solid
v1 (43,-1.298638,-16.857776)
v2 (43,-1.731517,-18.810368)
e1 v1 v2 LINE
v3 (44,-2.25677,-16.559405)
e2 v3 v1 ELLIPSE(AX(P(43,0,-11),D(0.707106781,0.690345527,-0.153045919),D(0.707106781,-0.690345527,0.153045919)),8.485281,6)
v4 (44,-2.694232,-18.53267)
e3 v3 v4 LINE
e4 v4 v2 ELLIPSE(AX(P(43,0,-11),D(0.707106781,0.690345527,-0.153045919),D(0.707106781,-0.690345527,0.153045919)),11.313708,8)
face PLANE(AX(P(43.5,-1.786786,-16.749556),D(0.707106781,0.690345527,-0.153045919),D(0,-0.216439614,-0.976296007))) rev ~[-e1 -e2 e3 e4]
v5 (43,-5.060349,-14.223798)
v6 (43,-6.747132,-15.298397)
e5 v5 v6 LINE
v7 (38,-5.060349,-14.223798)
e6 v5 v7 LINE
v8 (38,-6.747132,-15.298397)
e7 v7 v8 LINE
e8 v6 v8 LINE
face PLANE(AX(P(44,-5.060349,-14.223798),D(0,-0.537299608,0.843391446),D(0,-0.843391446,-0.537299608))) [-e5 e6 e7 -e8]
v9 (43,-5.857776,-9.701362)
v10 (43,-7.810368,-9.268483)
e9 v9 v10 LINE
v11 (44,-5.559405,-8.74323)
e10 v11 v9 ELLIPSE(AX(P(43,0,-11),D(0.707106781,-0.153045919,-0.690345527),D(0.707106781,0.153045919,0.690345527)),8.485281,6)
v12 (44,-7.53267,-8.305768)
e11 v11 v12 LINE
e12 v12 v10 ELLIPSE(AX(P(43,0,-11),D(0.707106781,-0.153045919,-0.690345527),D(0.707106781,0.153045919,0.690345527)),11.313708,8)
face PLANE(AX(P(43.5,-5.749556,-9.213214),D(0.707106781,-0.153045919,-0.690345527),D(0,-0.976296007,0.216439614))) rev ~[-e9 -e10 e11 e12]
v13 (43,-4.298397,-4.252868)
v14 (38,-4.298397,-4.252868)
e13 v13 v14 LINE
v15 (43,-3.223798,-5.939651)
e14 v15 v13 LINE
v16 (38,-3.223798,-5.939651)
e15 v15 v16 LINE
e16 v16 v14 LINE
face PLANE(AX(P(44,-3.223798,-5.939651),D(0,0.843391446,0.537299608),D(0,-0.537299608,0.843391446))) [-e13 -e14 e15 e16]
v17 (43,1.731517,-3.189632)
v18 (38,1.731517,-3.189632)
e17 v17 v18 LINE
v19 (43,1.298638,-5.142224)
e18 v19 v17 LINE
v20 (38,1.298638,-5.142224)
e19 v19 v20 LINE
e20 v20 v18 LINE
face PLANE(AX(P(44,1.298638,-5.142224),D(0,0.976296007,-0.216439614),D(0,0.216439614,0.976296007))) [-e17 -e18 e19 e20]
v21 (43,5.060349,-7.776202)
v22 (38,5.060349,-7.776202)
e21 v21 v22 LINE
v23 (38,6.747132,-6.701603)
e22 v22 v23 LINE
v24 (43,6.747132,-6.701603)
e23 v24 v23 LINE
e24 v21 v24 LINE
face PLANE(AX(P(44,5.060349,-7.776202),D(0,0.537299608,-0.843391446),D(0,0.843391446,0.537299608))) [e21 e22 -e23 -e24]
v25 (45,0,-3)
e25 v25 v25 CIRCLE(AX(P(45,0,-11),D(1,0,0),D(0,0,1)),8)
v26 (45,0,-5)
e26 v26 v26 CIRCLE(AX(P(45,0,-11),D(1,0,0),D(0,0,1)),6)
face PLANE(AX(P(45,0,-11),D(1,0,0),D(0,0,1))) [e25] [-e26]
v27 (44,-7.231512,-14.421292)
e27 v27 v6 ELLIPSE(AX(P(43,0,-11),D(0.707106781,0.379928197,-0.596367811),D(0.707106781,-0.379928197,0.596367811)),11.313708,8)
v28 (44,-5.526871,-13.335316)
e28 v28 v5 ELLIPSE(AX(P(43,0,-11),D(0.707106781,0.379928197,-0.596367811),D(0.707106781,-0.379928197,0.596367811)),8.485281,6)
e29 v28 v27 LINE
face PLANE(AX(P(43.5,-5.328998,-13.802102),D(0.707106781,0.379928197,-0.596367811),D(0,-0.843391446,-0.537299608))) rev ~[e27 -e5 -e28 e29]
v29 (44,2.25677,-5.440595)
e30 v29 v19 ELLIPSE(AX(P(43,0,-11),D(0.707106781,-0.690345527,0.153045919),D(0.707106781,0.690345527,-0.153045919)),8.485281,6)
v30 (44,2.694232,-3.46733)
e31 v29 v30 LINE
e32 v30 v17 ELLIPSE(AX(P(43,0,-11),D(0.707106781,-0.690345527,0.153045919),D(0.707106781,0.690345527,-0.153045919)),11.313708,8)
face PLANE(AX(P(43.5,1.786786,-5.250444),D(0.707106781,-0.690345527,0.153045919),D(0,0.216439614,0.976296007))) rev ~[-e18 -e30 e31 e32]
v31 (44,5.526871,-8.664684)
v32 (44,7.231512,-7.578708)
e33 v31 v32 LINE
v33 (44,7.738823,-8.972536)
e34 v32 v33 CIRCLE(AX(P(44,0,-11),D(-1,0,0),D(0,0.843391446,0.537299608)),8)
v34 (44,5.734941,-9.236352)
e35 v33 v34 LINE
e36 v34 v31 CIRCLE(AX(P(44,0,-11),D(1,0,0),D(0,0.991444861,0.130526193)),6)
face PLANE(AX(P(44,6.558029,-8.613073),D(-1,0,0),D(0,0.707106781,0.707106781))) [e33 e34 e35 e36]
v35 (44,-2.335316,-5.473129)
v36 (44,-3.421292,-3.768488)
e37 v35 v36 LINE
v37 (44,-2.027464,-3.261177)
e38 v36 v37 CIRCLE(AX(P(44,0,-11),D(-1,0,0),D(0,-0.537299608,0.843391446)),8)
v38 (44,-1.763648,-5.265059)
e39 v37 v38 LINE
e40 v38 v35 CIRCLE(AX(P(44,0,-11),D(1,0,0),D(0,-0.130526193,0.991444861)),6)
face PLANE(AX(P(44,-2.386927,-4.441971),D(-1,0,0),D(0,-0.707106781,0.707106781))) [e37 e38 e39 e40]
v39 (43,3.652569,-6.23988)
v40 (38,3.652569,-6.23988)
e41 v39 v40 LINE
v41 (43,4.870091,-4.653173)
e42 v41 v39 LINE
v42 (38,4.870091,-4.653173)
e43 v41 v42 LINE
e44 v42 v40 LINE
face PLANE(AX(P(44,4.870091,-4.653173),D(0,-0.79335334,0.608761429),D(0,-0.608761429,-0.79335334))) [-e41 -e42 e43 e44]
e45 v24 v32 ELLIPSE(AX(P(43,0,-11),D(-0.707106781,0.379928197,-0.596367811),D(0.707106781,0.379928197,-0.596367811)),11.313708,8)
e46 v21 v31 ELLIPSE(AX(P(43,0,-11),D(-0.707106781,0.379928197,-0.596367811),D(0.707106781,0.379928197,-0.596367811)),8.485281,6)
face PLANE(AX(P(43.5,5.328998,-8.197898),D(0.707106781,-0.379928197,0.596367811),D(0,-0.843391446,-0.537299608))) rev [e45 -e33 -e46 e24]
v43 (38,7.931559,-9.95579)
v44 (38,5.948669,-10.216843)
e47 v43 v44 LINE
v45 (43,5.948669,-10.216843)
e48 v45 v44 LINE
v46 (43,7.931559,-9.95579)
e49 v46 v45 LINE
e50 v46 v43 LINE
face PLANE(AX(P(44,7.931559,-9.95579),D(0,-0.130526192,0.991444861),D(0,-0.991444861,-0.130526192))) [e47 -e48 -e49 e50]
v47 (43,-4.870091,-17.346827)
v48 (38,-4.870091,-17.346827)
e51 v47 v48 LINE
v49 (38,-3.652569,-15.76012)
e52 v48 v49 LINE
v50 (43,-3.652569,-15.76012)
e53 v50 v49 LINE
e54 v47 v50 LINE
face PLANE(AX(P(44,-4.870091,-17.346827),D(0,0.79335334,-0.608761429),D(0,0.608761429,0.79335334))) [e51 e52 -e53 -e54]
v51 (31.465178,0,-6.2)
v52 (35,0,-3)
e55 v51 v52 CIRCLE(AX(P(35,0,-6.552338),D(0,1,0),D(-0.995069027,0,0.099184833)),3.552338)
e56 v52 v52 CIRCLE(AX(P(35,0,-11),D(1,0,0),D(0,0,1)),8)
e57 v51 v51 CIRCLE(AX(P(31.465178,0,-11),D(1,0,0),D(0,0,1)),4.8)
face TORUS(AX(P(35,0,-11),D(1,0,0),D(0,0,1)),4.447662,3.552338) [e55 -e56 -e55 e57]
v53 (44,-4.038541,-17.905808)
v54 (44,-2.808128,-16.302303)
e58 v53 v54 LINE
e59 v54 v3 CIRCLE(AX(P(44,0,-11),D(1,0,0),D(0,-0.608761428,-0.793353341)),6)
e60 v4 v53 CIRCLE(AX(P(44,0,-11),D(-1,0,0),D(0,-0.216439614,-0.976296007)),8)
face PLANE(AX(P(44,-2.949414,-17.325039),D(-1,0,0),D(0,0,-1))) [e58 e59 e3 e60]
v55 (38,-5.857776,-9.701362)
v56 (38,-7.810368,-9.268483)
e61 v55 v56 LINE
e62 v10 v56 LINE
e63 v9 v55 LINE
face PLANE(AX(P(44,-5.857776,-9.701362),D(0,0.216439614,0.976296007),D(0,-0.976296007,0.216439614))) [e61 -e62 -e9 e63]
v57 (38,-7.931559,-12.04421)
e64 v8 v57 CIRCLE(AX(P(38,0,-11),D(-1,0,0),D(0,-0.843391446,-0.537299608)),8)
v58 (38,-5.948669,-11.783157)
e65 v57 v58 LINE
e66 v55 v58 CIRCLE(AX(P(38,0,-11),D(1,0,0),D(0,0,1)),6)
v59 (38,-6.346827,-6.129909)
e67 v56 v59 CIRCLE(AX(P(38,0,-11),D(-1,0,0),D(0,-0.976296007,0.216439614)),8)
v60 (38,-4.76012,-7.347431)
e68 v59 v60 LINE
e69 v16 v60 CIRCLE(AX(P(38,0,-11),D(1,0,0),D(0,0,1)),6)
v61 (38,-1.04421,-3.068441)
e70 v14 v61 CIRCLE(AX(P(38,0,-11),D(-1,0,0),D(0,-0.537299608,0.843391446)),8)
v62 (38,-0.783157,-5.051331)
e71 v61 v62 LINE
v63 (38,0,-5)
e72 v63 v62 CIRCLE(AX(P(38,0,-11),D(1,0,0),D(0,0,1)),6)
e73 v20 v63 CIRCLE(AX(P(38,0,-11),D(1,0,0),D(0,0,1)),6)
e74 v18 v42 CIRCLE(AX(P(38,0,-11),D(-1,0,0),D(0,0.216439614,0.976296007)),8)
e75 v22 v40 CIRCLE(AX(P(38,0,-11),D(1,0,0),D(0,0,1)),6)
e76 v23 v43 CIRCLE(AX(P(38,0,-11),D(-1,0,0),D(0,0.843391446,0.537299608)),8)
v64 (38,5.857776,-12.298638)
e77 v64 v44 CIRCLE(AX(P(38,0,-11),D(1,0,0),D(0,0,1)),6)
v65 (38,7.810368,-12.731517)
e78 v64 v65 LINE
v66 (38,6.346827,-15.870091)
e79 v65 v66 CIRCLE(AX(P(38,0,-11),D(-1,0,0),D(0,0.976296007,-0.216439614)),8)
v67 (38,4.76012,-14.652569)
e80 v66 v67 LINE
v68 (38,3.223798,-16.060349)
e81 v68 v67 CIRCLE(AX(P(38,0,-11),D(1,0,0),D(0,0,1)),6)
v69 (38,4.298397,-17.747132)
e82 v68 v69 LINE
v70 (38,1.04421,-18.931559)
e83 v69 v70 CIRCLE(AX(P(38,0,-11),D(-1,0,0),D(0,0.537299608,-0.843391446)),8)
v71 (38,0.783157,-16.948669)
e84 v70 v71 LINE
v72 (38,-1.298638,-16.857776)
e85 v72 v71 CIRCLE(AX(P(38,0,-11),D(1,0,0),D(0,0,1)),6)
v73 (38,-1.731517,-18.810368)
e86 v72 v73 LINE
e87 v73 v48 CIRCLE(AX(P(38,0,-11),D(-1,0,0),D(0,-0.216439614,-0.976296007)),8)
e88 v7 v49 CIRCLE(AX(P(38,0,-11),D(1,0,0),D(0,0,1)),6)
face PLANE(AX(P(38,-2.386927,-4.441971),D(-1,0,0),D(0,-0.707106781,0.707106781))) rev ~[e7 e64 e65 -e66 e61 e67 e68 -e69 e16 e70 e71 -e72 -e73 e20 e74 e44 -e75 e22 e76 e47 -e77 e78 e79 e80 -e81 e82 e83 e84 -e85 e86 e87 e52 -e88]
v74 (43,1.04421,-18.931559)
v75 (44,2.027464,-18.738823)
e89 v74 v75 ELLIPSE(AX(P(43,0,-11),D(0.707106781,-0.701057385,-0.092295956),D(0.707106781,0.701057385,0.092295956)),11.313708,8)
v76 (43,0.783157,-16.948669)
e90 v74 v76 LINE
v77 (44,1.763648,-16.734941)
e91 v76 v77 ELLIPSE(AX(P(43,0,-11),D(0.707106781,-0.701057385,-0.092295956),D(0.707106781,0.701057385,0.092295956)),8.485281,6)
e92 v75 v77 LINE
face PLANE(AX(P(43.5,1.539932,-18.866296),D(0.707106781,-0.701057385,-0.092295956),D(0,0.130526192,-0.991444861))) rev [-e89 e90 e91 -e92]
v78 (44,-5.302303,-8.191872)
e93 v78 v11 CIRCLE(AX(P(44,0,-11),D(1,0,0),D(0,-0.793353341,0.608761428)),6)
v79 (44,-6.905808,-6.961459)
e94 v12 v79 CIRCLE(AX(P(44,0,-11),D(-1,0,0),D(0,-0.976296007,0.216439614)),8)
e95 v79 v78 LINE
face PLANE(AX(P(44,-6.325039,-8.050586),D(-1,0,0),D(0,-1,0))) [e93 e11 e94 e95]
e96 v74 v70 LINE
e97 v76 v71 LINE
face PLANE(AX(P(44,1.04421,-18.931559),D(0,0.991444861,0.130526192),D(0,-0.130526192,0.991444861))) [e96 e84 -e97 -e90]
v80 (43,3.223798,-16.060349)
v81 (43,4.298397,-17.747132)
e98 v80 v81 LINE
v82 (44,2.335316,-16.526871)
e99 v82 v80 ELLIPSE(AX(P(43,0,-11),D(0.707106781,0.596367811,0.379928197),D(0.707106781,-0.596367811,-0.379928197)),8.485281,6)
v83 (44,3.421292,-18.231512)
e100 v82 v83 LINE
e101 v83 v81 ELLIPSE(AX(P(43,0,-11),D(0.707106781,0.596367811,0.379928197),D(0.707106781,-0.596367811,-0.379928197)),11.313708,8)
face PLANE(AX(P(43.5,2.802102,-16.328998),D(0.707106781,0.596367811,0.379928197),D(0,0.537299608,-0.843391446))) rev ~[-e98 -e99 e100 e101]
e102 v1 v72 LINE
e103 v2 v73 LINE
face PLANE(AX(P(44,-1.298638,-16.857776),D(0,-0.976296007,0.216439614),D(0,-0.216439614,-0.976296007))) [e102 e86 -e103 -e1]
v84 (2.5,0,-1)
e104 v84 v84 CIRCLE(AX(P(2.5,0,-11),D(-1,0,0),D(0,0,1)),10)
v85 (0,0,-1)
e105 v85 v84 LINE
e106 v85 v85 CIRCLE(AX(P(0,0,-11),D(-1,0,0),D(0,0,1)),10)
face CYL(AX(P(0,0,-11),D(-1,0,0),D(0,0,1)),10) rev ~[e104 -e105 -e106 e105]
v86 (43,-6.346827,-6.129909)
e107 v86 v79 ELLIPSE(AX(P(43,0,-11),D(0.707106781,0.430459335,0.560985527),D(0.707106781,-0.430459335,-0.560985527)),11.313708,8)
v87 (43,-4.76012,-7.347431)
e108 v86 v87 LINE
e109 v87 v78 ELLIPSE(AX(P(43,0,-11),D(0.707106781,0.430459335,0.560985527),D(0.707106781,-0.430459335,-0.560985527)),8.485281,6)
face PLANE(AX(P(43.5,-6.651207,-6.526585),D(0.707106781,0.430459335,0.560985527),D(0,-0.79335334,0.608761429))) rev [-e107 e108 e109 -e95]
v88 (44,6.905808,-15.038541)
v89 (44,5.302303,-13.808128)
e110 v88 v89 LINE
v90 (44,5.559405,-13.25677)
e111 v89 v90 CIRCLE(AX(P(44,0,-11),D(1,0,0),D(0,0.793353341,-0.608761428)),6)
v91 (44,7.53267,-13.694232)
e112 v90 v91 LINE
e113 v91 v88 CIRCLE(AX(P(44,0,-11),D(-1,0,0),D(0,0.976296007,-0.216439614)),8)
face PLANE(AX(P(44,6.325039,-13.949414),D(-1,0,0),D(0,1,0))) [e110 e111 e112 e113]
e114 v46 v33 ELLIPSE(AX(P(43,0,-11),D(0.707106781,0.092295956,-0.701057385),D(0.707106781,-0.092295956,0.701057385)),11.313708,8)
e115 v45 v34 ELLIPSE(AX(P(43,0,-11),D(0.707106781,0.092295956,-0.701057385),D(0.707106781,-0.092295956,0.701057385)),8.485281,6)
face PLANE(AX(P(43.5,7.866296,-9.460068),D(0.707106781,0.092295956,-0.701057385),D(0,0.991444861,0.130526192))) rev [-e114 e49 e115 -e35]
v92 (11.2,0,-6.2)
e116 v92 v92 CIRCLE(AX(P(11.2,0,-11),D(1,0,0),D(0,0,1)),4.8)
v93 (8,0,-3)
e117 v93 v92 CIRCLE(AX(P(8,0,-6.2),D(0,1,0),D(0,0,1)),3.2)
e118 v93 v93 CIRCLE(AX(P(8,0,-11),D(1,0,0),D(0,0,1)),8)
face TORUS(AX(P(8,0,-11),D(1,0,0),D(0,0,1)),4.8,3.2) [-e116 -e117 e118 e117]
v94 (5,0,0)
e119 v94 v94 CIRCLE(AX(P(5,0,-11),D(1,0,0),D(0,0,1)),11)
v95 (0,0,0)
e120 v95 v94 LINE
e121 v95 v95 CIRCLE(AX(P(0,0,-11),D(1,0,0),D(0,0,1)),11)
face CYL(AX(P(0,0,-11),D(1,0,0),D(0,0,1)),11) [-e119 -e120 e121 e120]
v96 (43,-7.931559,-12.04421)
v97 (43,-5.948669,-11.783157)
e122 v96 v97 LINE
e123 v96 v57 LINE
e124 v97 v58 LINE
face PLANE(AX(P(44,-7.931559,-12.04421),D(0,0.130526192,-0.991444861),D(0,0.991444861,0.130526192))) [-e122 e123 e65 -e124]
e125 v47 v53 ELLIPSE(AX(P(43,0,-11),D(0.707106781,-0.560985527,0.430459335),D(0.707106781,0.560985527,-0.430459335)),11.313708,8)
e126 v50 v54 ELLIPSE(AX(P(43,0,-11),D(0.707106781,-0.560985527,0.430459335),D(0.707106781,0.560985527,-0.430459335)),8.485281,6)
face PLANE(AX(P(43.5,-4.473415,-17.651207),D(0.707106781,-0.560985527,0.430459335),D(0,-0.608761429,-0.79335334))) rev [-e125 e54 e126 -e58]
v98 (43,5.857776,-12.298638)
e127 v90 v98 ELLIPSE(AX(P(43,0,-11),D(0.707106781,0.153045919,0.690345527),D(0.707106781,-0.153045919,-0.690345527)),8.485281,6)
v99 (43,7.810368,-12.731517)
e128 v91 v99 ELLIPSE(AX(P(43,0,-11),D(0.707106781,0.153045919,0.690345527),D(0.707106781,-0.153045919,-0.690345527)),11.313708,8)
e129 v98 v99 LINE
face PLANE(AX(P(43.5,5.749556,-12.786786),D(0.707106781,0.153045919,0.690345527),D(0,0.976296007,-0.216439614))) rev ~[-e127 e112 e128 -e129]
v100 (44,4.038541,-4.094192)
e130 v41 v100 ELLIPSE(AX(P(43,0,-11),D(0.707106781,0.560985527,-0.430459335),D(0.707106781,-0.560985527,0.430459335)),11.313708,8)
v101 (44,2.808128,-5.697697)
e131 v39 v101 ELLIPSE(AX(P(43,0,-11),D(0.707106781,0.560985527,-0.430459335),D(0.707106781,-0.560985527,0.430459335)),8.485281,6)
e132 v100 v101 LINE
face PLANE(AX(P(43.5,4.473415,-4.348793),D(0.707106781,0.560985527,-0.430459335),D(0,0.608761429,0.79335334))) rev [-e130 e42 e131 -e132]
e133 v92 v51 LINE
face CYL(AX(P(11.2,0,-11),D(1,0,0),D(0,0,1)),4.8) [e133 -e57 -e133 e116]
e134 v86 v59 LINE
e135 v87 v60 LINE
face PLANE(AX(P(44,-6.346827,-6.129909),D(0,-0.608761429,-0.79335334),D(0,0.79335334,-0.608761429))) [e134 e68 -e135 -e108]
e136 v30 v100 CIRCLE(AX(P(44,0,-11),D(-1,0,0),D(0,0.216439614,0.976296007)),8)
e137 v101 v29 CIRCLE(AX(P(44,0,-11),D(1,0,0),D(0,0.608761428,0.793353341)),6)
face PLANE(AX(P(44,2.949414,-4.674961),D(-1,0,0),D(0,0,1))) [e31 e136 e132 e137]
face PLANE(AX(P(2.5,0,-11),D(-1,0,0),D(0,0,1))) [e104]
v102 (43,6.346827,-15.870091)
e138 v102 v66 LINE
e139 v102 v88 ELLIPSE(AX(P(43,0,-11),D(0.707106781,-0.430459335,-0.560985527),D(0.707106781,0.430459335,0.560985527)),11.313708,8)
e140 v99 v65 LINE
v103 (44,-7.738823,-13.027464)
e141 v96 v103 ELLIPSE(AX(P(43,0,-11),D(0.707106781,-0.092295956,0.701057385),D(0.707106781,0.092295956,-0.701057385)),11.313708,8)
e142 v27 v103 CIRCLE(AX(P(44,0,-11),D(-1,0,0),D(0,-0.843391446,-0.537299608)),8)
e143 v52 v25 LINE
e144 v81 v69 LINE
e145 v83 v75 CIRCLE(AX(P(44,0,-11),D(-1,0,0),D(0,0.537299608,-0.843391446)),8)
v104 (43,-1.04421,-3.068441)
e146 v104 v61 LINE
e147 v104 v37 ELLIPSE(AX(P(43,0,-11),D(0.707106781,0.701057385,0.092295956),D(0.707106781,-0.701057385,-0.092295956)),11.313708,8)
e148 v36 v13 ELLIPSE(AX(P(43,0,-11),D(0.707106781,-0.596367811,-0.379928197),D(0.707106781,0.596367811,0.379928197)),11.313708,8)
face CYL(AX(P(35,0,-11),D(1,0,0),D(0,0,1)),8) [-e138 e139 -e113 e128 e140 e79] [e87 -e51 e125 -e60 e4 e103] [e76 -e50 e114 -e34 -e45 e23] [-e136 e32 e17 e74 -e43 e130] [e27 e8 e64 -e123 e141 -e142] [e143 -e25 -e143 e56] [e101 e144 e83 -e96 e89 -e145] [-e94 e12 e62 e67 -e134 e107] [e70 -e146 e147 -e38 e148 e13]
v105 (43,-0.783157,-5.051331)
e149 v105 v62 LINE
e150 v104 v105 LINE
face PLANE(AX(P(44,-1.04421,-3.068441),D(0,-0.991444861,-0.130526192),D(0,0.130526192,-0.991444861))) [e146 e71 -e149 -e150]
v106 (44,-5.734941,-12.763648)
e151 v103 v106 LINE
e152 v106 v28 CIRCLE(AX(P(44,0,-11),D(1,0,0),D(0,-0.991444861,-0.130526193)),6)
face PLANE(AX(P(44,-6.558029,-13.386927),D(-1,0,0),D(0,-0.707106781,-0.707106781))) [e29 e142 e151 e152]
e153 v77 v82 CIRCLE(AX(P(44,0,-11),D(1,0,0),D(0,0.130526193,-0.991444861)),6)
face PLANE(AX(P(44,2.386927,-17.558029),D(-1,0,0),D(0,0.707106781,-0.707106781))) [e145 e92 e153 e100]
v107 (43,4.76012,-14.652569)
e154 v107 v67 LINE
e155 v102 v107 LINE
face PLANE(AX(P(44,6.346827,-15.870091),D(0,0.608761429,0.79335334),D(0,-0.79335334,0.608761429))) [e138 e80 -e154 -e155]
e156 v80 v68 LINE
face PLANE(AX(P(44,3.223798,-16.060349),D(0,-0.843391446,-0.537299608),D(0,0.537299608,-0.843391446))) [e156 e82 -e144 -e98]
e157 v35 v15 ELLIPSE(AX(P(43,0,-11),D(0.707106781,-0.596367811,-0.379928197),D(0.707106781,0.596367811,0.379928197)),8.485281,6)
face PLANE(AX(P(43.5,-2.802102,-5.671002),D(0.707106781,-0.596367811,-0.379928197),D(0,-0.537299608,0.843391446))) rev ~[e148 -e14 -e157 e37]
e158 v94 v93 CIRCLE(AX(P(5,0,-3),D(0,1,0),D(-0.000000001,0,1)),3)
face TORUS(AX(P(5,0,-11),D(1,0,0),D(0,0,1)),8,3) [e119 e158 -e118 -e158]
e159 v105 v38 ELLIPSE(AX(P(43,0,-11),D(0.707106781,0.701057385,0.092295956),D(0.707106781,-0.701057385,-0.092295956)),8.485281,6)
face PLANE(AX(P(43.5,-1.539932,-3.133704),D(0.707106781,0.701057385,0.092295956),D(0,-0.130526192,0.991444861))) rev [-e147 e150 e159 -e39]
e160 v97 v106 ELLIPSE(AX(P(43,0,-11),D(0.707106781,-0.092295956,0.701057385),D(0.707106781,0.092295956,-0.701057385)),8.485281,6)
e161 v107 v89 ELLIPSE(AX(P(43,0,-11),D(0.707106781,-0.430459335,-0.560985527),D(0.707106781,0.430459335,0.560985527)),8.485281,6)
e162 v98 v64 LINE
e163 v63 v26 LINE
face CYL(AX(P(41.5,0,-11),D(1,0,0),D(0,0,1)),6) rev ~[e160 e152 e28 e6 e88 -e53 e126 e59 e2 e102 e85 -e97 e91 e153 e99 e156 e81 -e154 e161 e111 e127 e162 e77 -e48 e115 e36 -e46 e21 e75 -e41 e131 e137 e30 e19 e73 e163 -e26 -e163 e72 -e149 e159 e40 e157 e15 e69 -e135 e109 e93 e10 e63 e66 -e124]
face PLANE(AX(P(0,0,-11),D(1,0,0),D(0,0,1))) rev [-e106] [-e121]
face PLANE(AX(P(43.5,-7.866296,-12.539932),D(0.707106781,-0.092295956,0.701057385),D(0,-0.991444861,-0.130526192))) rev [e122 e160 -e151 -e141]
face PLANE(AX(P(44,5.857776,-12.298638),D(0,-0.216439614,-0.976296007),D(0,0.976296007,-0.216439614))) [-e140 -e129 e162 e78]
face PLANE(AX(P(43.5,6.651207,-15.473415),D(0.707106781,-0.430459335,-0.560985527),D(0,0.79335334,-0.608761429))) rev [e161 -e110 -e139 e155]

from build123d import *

# Parameters (mm, degrees)
SKETCH_2_R               = 10
CUT_EXTRUDE_1_DEPTH      = 2.5
CUT_EXTRUDE_START        = 6
CUT_EXTRUDE_2_DEPTH      = 6
PATTERN_CIRCULAR_1_COUNT = 8
CHAMFER_4_SIZE           = 1
CHAMFER_5_SIZE           = 1
CHAMFER_6_SIZE           = 1


with BuildPart() as part:
    # Эскиз1 → Повернуть11 (revolve)
    with BuildSketch(Plane(origin=(0, 0, 0), x_dir=(1, 0, 0), z_dir=(0, 1, 0))):
        with BuildLine():
            Line((0, 11), (0, 0))
            Line((0, 0), (5, 0))
            Line((5, 0), (5, 3))
            Line((5, 3), (8, 3))
            ThreePointArc((8, 3), (10.2627417, 3.9372583), (11.2, 6.2))
            Line((11.2, 6.2), (31.465178427, 6.2))
            ThreePointArc((31.465178427, 6.2), (32.615940251, 3.918829982), (35, 3))
            Line((35, 3), (45, 3))
            Line((45, 3), (45, 5))
            Line((45, 5), (38, 5))
            Line((38, 5), (38, 11))
            Line((38, 11), (0, 11))
        make_face()
    revolve(axis=Axis((0, 0, -11), (1, 0, 0)))

    # Эскиз2 → Вырез-Вытянуть1 (cut)
    with BuildSketch(Plane.ZY):
        with Locations((-11, 0)):
            Circle(SKETCH_2_R)
    extrude(amount=-CUT_EXTRUDE_1_DEPTH, mode=Mode.SUBTRACT)

    # Эскиз6 → Вырез-Вытянуть2 (cut)
    with BuildSketch(Plane(origin=(38, 0, 0), x_dir=(0, 0, -1), z_dir=(1, 0, 0)).offset(CUT_EXTRUDE_START)):
        with BuildLine():
            Line((4.653173278, 4.870091432), (6.239879958, 3.652568574))
            ThreePointArc((6.239879958, 3.652568574), (5.562153278, 2.53570957), (5.142223957, 1.298637684))
            Line((5.142223957, 1.298637684), (3.189631943, 1.731516912))
            ThreePointArc((3.189631943, 1.731516912), (3.749537704, 3.380946094), (4.653173278, 4.870091432))
        make_face()
    cut_extrude_2 = extrude(amount=-CUT_EXTRUDE_2_DEPTH, mode=Mode.SUBTRACT)

    # Круговой массив1: Вырез-Вытянуть2 ×8 about axis
    pattern_circular_1_axis = Axis((45, 0, -11), (-1, 0, 0))
    for i in range(1, PATTERN_CIRCULAR_1_COUNT):
        add(cut_extrude_2.rotate(pattern_circular_1_axis, i * 360 / PATTERN_CIRCULAR_1_COUNT), mode=Mode.SUBTRACT)

    # Эскиз1<12> → Повернуть12 (revolve)
    with BuildSketch(Plane(origin=(0, 0, 0), x_dir=(1, 0, 0), z_dir=(0, 1, 0))):
        with BuildLine():
            Line((5, 3), (5, 0))
            ThreePointArc((5, 0), (7.121320344, 0.878679656), (8, 3))
            Line((8, 3), (5, 3))
        make_face()
    revolve(axis=Axis((0, 0, -11), (1, 0, 0)))

    # Фаска4
    chamfer_4_edges = [part.edges().sort_by_distance(p)[0] for p in [
        (44, 3.761097258, -16.903740121),
        (44, 0.913683346, -17.94011403),
    ]]
    chamfer(chamfer_4_edges, length=CHAMFER_4_SIZE)

    # Фаска5
    chamfer_5_edges = [part.edges().sort_by_distance(p)[0] for p in [
        (44, 5.553473382, -15.261330003),
        (44, 6.83407205, -12.515077298),
    ]]
    chamfer(chamfer_5_edges, length=CHAMFER_5_SIZE)

    # Фаска6
    chamfer_6_edges = [part.edges().sort_by_distance(p)[0] for p in [
        (44, -1.515077298, -17.83407205),
        (44, -4.261330003, -16.553473382),
        (44, -6.94011403, -11.913683346),
        (44, -5.903740121, -14.761097258),
        (44, -6.83407205, -9.484922702),
        (44, -5.553473382, -6.738669997),
        (44, -3.761097258, -5.096259879),
        (44, -0.913683346, -4.05988597),
        (44, 1.515077298, -4.16592795),
        (44, 4.261330003, -5.446526618),
        (44, 5.903740121, -7.238902742),
        (44, 6.94011403, -10.086316654),
    ]]
    chamfer(chamfer_6_edges, length=CHAMFER_6_SIZE)


solid = part.part
